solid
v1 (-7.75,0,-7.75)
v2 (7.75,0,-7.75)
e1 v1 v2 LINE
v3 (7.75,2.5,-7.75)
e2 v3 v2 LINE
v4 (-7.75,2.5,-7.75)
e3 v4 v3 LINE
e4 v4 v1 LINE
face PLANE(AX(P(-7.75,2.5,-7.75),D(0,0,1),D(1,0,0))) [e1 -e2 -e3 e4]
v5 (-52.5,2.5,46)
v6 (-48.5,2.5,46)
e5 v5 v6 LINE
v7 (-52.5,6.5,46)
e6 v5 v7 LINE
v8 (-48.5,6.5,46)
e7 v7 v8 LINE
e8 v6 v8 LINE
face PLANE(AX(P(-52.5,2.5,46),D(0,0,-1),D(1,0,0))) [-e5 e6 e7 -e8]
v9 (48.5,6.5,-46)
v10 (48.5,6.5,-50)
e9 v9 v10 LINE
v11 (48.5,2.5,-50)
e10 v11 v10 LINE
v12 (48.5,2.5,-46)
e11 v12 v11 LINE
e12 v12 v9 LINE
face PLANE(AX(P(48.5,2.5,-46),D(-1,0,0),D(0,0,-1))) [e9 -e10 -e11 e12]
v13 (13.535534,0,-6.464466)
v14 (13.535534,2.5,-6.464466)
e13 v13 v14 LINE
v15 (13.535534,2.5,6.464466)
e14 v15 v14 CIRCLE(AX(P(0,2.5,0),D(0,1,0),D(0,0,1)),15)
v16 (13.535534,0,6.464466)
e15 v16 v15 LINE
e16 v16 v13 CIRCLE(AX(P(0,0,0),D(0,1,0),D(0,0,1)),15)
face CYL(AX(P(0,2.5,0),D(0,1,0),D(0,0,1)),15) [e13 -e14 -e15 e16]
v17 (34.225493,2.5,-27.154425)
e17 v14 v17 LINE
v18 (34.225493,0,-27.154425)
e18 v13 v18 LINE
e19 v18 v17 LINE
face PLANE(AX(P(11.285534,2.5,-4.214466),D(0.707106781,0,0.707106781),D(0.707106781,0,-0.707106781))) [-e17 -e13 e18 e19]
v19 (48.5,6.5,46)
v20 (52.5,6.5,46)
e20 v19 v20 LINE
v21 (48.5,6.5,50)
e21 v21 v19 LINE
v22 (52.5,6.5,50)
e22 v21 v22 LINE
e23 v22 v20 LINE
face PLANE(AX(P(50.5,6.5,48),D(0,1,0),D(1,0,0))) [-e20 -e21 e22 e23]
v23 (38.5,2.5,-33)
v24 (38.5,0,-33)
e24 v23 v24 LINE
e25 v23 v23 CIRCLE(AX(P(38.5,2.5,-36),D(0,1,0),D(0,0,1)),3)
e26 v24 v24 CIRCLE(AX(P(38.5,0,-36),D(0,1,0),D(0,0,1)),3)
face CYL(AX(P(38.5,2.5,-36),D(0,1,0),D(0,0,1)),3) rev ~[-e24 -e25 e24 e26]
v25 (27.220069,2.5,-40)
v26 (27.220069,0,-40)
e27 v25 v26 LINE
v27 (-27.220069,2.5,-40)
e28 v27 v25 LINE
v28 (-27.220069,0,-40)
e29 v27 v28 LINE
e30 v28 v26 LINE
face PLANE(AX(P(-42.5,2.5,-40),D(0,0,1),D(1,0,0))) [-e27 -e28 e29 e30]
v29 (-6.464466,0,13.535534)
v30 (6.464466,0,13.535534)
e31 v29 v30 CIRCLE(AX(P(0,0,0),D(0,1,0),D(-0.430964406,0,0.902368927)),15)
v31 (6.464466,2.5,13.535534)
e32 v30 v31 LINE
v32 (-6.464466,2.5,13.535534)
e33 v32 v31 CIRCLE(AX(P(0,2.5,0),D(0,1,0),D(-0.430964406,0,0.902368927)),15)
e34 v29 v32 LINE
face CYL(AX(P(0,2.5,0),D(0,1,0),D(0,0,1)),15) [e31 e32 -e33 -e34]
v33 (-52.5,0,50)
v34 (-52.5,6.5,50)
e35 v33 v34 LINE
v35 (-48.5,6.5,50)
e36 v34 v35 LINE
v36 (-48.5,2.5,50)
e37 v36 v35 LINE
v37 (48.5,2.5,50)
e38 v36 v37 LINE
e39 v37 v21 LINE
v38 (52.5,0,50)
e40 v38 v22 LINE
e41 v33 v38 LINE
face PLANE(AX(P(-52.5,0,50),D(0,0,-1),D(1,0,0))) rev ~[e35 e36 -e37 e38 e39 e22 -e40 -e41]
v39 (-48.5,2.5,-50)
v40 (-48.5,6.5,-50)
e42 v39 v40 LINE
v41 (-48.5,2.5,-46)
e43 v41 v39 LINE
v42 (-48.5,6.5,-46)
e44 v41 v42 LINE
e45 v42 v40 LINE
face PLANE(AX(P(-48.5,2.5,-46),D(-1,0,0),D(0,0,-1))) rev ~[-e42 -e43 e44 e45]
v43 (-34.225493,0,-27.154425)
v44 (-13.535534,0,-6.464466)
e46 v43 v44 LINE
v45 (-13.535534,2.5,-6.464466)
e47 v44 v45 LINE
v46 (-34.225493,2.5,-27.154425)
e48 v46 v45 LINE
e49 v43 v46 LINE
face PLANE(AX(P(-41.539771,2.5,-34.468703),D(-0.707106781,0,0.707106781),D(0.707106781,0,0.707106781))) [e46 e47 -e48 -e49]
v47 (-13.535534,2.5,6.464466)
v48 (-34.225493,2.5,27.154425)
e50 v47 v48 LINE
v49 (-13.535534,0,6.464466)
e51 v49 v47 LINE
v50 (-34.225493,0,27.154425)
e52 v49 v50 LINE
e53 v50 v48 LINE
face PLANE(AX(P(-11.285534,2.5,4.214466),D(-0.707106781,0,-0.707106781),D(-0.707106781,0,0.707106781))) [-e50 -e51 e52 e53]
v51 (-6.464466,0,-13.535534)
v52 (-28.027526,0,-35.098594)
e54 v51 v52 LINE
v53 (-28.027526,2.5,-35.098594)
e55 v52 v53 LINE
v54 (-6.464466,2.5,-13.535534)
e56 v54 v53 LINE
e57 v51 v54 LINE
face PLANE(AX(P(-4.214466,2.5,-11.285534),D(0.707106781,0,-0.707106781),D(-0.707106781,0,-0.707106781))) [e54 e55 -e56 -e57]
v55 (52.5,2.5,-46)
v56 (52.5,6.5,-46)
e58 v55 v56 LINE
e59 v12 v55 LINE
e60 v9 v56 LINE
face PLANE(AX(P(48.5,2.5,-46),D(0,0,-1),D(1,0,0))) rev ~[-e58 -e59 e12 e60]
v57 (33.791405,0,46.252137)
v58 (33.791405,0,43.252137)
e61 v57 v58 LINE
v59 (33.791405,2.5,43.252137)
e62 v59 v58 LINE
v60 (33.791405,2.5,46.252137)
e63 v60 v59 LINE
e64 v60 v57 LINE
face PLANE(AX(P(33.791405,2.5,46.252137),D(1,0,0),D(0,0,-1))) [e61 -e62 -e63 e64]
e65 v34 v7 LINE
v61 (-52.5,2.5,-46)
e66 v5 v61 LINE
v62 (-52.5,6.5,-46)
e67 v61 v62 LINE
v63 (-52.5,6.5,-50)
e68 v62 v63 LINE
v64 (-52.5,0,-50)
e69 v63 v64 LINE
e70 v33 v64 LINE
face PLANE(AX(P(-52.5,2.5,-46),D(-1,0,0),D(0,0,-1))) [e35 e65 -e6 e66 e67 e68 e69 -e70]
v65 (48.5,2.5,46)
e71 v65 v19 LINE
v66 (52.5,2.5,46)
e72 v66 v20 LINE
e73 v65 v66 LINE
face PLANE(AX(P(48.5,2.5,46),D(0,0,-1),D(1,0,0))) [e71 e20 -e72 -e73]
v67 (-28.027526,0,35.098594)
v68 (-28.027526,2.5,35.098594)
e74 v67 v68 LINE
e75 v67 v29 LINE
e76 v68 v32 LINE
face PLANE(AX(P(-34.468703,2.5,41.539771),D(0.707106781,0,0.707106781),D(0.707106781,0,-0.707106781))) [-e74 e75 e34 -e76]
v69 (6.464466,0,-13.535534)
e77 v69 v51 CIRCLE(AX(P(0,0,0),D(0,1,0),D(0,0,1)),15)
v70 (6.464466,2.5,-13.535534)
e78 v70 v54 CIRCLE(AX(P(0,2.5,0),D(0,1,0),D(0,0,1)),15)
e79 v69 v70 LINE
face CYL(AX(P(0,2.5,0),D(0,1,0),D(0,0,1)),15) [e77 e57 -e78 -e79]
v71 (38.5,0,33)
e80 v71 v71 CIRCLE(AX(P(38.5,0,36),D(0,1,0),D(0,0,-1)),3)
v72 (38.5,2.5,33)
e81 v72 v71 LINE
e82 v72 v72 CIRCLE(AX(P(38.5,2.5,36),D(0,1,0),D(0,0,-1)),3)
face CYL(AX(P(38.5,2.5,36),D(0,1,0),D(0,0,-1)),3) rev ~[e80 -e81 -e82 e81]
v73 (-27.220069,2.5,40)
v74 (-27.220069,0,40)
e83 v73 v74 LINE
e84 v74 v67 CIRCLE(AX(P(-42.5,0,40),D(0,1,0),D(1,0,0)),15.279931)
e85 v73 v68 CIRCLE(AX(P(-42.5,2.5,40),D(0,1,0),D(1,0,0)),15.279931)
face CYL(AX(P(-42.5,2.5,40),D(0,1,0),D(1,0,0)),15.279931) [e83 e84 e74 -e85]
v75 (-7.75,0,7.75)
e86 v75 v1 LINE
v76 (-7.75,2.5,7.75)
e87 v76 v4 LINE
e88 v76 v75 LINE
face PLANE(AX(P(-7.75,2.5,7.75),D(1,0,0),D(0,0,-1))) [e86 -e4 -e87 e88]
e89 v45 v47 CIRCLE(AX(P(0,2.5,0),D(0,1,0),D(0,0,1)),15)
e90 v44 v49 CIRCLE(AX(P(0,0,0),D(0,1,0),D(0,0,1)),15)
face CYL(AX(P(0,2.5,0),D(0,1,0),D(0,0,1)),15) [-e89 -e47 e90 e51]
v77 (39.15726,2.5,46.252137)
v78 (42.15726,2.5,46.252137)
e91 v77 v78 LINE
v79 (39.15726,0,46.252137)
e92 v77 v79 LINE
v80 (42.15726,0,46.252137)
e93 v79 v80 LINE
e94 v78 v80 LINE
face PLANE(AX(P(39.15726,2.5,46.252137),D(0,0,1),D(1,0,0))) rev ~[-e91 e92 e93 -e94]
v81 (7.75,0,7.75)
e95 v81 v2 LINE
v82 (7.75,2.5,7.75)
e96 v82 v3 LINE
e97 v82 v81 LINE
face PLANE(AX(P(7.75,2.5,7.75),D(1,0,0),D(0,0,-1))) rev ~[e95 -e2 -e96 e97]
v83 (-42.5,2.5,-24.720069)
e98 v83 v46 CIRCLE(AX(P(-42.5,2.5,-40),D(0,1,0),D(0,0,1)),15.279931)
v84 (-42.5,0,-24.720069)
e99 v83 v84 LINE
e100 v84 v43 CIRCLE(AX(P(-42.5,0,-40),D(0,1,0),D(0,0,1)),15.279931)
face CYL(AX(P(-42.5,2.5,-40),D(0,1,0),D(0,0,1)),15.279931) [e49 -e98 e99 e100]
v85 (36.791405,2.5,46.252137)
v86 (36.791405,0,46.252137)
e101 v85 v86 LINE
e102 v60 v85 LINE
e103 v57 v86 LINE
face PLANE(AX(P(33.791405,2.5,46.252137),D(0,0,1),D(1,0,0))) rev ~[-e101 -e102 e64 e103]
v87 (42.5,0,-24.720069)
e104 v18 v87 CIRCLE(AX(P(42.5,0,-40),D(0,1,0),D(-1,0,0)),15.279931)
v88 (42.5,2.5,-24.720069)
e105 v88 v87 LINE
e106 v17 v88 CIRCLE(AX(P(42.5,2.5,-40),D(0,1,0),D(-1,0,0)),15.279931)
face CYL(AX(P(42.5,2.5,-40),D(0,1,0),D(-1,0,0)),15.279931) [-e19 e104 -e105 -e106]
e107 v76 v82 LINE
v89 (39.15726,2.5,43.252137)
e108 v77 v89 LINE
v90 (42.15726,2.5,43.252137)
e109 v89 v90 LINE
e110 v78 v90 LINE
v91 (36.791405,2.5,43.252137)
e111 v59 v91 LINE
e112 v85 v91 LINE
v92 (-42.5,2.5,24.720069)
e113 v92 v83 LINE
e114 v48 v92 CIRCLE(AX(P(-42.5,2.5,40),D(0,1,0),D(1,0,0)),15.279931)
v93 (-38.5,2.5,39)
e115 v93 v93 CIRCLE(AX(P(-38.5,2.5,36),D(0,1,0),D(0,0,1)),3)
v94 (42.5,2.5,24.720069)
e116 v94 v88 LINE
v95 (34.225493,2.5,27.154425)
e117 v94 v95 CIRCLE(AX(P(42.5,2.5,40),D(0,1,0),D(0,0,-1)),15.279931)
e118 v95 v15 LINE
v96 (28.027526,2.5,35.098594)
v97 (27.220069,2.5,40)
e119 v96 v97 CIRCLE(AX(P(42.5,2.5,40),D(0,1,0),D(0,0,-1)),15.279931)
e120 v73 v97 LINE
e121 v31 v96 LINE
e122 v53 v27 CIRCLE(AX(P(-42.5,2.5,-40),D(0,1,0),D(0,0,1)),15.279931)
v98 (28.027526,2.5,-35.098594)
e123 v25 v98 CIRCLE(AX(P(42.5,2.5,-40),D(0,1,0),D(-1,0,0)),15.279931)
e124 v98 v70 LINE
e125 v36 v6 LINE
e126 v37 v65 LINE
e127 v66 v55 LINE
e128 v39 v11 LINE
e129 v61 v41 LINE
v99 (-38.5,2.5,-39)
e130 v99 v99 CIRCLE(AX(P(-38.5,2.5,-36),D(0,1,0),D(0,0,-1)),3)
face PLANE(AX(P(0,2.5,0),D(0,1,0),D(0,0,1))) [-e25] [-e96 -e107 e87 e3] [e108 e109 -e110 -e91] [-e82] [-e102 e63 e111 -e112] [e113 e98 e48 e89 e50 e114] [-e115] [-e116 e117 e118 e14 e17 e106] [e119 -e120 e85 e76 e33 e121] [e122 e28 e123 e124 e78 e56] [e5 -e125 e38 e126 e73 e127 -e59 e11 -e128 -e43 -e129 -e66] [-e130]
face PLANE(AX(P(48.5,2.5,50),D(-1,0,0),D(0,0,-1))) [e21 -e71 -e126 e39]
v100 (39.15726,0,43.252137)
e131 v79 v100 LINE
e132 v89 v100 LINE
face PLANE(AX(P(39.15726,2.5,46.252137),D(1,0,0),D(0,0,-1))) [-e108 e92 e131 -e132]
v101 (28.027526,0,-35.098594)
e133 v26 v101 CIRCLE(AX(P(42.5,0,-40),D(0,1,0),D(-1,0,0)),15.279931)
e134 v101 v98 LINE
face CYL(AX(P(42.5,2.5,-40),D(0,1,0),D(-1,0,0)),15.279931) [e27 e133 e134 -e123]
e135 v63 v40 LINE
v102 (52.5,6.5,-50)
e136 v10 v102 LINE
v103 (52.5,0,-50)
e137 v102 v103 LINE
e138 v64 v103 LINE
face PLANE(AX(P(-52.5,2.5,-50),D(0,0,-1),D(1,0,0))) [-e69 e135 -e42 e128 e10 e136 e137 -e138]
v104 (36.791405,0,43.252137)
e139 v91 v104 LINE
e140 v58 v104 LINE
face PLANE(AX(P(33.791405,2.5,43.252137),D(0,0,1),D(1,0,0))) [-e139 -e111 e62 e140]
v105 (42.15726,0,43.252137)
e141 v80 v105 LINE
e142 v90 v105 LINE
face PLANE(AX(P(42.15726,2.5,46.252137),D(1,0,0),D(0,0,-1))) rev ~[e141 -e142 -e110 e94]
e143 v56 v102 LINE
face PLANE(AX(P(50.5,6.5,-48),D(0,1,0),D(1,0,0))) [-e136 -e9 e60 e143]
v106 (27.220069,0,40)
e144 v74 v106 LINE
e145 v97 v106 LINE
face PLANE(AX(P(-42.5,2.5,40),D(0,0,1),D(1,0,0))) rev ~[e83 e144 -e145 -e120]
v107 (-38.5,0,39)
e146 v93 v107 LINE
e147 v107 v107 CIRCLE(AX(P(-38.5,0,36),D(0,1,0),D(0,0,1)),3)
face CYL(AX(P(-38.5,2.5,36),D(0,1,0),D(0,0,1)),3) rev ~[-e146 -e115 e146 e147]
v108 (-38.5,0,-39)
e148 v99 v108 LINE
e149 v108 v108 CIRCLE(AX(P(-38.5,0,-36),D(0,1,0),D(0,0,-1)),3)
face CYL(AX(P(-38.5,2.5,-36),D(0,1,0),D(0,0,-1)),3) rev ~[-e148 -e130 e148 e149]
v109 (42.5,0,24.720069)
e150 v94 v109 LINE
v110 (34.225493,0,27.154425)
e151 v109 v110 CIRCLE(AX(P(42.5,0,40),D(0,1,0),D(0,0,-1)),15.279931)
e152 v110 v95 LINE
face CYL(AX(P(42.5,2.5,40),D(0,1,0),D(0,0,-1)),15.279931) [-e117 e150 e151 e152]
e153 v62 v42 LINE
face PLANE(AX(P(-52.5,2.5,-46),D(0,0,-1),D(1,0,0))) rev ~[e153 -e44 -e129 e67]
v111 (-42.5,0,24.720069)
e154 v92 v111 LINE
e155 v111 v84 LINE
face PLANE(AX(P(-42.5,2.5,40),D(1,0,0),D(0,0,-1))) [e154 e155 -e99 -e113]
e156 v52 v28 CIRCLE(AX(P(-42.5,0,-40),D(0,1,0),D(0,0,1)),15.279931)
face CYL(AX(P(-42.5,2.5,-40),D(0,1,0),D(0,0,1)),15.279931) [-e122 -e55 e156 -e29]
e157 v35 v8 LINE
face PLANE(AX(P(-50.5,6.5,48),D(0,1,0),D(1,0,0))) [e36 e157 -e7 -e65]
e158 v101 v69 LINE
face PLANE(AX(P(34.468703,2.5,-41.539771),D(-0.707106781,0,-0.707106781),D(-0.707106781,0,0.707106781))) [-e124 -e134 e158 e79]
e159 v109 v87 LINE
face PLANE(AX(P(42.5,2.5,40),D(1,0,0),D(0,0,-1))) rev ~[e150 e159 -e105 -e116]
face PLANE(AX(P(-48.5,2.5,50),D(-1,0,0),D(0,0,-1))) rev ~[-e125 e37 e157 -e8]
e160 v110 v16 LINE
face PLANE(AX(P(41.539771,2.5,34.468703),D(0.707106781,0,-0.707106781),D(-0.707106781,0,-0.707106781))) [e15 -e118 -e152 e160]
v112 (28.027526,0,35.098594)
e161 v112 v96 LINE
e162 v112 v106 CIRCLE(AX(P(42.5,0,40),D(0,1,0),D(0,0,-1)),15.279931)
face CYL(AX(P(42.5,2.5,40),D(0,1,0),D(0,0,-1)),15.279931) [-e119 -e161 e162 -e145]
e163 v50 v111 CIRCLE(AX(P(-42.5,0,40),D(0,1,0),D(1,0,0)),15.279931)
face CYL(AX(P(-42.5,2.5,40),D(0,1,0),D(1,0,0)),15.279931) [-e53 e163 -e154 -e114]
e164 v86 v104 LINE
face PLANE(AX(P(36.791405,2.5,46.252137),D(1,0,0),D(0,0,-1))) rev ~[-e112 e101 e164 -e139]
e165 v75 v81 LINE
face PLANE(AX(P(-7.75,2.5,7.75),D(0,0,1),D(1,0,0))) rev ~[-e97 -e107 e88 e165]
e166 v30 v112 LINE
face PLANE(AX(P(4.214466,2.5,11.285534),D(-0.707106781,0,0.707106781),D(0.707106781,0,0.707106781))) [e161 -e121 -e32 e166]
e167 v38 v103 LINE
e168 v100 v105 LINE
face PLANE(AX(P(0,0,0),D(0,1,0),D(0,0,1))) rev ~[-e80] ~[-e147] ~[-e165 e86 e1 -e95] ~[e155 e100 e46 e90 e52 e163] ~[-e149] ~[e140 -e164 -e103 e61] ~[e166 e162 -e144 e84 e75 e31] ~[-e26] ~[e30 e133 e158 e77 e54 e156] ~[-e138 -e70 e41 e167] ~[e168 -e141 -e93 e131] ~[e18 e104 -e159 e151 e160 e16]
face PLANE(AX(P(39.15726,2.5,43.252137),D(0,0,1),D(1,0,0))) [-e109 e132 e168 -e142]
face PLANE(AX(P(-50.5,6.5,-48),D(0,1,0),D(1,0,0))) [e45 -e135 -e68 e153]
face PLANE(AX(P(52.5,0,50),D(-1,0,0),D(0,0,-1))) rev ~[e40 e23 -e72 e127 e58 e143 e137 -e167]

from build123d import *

# Parameters (mm, degrees)
SKETCH1_W           = 105
SKETCH1_H           = 100
BOSS_EXTRUDE1_DEPTH = 2.5
SKETCH3_W           = 4
SKETCH3_H           = 4
BOSS_EXTRUDE2_DEPTH = 4
SKETCH5_W           = 85
SKETCH5_H           = 80
CUT_EXTRUDE2_DEPTH  = 4
SKETCH6_R           = 15
BOSS_EXTRUDE3_DEPTH = 2.5
SKETCH7_W           = 15.5
SKETCH7_H           = 15.5
CUT_EXTRUDE3_DEPTH  = 2.5
BOSS_EXTRUDE4_DEPTH = 2.5
EXTRUDE_THIN2_DEPTH = 2.5
SKETCH10_R          = 3
CUT_EXTRUDE5_DEPTH  = 2.5
SKETCH11_W          = 3
SKETCH11_H          = 3
CUT_EXTRUDE6_DEPTH  = 2.5


with BuildPart() as part:
    # Sketch1 → Boss-Extrude1 (new body)
    with BuildSketch(Plane(origin=(0, 0, 0), x_dir=(1, 0, 0), z_dir=(0, 1, 0))):
        Rectangle(SKETCH1_W, SKETCH1_H)
    extrude(amount=BOSS_EXTRUDE1_DEPTH)

    # Sketch3 → Boss-Extrude2 (add)
    with BuildSketch(Plane(origin=(0, 2.5, 0), x_dir=(1, 0, 0), z_dir=(0, 1, 0))):
        with Locations((-50.5, 48)):
            Rectangle(SKETCH3_W, SKETCH3_H)
        with Locations((50.5, 48)):
            Rectangle(SKETCH3_W, SKETCH3_H)
        with Locations((50.5, -48)):
            Rectangle(SKETCH3_W, SKETCH3_H)
        with Locations((-50.5, -48)):
            Rectangle(SKETCH3_W, SKETCH3_H)
    extrude(amount=BOSS_EXTRUDE2_DEPTH)

    # Sketch5 → Cut-Extrude2 (cut)
    with BuildSketch(Plane(origin=(0, 2.5, 0), x_dir=(1, 0, 0), z_dir=(0, 1, 0))):
        Rectangle(SKETCH5_W, SKETCH5_H)
    extrude(amount=-CUT_EXTRUDE2_DEPTH, mode=Mode.SUBTRACT)

    # Sketch8 → Boss-Extrude4 (add)
    with BuildSketch(Plane(origin=(0, 2.5, 0), x_dir=(1, 0, 0), z_dir=(0, 1, 0))):
        with BuildLine():
            Line((-42.5, -40), (-27.220069463, -40))
            ThreePointArc((-27.220069463, -40), (-31.695457502, -29.195457502), (-42.5, -24.720069463))
            Line((-42.5, -24.720069463), (-42.5, -40))
        make_face()
        with BuildLine():
            ThreePointArc((-42.5, 24.720069463), (-31.695457502, 29.195457502), (-27.220069463, 40))
            Line((-27.220069463, 40), (-42.5, 40))
            Line((-42.5, 40), (-42.5, 24.720069463))
        make_face()
        with BuildLine():
            Line((42.5, 40), (27.220069463, 40))
            ThreePointArc((27.220069463, 40), (31.695457502, 29.195457502), (42.5, 24.720069463))
            Line((42.5, 24.720069463), (42.5, 40))
        make_face()
        with BuildLine():
            ThreePointArc((42.5, -24.720069463), (31.695457502, -29.195457502), (27.220069463, -40))
            Line((27.220069463, -40), (42.5, -40))
            Line((42.5, -40), (42.5, -24.720069463))
        make_face()
    extrude(amount=-BOSS_EXTRUDE4_DEPTH)



with BuildPart() as body_2:
    # Sketch6 → Boss-Extrude3 (new body)
    with BuildSketch(Plane(origin=(0, 2.5, 0), x_dir=(1, 0, 0), z_dir=(0, 1, 0))):
        with Locations(Location((0, 0, 0), (0, 0, 270))):
            Circle(SKETCH6_R)
    extrude(amount=-BOSS_EXTRUDE3_DEPTH)

    # Sketch7 → Cut-Extrude3 (cut)
    with BuildSketch(Plane(origin=(0, 2.5, 0), x_dir=(1, 0, 0), z_dir=(0, 1, 0))):
        Rectangle(SKETCH7_W, SKETCH7_H)
    extrude(amount=-CUT_EXTRUDE3_DEPTH, mode=Mode.SUBTRACT)


with BuildPart() as part_1:
    add(part.part)

    add(body_2.part)  # Extrude-Thin2 merges body 2
    # Sketch9 → Extrude-Thin2 (add)
    with BuildSketch(Plane(origin=(0, 2.5, 0), x_dir=(1, 0, 0), z_dir=(0, 1, 0))):
        Polygon((4.214466094, -11.285533906), (34.46870341, -41.539771222), (41.539771222, -34.46870341), (11.285533906, -4.214466094), align=None)
        Polygon((-11.285533906, -4.214466094), (-41.539771222, -34.46870341), (-34.46870341, -41.539771222), (-4.214466094, -11.285533906), align=None)
        Polygon((11.285533906, 4.214466094), (41.539771222, 34.46870341), (34.46870341, 41.539771222), (4.214466094, 11.285533906), align=None)
        Polygon((-4.214466094, 11.285533906), (-34.46870341, 41.539771222), (-41.539771222, 34.46870341), (-11.285533906, 4.214466094), align=None)
    extrude(amount=-EXTRUDE_THIN2_DEPTH)

    # Sketch10 → Cut-Extrude5 (cut)
    with BuildSketch(Plane(origin=(0, 2.5, 0), x_dir=(1, 0, 0), z_dir=(0, 1, 0))):
        with Locations(Location((38.5, 36, 0), (0, 0, 270))):
            Circle(SKETCH10_R)
        with Locations(Location((-38.5, 36, 0), (0, 0, 90))):
            Circle(SKETCH10_R)
        with Locations(Location((38.5, -36, 0), (0, 0, 90))):
            Circle(SKETCH10_R)
        with Locations(Location((-38.5, -36, 0), (0, 0, 270))):
            Circle(SKETCH10_R)
    extrude(amount=-CUT_EXTRUDE5_DEPTH, mode=Mode.SUBTRACT)

    # Sketch11 → Cut-Extrude6 (cut)
    with BuildSketch(Plane(origin=(0, 2.5, 0), x_dir=(1, 0, 0), z_dir=(0, 1, 0))):
        with Locations((40.657260224, -44.752137111)):
            Rectangle(SKETCH11_W, SKETCH11_H)
        with Locations((35.291405318, -44.752137111)):
            Rectangle(SKETCH11_W, SKETCH11_H)
    extrude(amount=-CUT_EXTRUDE6_DEPTH, mode=Mode.SUBTRACT)


solid = part_1.part
